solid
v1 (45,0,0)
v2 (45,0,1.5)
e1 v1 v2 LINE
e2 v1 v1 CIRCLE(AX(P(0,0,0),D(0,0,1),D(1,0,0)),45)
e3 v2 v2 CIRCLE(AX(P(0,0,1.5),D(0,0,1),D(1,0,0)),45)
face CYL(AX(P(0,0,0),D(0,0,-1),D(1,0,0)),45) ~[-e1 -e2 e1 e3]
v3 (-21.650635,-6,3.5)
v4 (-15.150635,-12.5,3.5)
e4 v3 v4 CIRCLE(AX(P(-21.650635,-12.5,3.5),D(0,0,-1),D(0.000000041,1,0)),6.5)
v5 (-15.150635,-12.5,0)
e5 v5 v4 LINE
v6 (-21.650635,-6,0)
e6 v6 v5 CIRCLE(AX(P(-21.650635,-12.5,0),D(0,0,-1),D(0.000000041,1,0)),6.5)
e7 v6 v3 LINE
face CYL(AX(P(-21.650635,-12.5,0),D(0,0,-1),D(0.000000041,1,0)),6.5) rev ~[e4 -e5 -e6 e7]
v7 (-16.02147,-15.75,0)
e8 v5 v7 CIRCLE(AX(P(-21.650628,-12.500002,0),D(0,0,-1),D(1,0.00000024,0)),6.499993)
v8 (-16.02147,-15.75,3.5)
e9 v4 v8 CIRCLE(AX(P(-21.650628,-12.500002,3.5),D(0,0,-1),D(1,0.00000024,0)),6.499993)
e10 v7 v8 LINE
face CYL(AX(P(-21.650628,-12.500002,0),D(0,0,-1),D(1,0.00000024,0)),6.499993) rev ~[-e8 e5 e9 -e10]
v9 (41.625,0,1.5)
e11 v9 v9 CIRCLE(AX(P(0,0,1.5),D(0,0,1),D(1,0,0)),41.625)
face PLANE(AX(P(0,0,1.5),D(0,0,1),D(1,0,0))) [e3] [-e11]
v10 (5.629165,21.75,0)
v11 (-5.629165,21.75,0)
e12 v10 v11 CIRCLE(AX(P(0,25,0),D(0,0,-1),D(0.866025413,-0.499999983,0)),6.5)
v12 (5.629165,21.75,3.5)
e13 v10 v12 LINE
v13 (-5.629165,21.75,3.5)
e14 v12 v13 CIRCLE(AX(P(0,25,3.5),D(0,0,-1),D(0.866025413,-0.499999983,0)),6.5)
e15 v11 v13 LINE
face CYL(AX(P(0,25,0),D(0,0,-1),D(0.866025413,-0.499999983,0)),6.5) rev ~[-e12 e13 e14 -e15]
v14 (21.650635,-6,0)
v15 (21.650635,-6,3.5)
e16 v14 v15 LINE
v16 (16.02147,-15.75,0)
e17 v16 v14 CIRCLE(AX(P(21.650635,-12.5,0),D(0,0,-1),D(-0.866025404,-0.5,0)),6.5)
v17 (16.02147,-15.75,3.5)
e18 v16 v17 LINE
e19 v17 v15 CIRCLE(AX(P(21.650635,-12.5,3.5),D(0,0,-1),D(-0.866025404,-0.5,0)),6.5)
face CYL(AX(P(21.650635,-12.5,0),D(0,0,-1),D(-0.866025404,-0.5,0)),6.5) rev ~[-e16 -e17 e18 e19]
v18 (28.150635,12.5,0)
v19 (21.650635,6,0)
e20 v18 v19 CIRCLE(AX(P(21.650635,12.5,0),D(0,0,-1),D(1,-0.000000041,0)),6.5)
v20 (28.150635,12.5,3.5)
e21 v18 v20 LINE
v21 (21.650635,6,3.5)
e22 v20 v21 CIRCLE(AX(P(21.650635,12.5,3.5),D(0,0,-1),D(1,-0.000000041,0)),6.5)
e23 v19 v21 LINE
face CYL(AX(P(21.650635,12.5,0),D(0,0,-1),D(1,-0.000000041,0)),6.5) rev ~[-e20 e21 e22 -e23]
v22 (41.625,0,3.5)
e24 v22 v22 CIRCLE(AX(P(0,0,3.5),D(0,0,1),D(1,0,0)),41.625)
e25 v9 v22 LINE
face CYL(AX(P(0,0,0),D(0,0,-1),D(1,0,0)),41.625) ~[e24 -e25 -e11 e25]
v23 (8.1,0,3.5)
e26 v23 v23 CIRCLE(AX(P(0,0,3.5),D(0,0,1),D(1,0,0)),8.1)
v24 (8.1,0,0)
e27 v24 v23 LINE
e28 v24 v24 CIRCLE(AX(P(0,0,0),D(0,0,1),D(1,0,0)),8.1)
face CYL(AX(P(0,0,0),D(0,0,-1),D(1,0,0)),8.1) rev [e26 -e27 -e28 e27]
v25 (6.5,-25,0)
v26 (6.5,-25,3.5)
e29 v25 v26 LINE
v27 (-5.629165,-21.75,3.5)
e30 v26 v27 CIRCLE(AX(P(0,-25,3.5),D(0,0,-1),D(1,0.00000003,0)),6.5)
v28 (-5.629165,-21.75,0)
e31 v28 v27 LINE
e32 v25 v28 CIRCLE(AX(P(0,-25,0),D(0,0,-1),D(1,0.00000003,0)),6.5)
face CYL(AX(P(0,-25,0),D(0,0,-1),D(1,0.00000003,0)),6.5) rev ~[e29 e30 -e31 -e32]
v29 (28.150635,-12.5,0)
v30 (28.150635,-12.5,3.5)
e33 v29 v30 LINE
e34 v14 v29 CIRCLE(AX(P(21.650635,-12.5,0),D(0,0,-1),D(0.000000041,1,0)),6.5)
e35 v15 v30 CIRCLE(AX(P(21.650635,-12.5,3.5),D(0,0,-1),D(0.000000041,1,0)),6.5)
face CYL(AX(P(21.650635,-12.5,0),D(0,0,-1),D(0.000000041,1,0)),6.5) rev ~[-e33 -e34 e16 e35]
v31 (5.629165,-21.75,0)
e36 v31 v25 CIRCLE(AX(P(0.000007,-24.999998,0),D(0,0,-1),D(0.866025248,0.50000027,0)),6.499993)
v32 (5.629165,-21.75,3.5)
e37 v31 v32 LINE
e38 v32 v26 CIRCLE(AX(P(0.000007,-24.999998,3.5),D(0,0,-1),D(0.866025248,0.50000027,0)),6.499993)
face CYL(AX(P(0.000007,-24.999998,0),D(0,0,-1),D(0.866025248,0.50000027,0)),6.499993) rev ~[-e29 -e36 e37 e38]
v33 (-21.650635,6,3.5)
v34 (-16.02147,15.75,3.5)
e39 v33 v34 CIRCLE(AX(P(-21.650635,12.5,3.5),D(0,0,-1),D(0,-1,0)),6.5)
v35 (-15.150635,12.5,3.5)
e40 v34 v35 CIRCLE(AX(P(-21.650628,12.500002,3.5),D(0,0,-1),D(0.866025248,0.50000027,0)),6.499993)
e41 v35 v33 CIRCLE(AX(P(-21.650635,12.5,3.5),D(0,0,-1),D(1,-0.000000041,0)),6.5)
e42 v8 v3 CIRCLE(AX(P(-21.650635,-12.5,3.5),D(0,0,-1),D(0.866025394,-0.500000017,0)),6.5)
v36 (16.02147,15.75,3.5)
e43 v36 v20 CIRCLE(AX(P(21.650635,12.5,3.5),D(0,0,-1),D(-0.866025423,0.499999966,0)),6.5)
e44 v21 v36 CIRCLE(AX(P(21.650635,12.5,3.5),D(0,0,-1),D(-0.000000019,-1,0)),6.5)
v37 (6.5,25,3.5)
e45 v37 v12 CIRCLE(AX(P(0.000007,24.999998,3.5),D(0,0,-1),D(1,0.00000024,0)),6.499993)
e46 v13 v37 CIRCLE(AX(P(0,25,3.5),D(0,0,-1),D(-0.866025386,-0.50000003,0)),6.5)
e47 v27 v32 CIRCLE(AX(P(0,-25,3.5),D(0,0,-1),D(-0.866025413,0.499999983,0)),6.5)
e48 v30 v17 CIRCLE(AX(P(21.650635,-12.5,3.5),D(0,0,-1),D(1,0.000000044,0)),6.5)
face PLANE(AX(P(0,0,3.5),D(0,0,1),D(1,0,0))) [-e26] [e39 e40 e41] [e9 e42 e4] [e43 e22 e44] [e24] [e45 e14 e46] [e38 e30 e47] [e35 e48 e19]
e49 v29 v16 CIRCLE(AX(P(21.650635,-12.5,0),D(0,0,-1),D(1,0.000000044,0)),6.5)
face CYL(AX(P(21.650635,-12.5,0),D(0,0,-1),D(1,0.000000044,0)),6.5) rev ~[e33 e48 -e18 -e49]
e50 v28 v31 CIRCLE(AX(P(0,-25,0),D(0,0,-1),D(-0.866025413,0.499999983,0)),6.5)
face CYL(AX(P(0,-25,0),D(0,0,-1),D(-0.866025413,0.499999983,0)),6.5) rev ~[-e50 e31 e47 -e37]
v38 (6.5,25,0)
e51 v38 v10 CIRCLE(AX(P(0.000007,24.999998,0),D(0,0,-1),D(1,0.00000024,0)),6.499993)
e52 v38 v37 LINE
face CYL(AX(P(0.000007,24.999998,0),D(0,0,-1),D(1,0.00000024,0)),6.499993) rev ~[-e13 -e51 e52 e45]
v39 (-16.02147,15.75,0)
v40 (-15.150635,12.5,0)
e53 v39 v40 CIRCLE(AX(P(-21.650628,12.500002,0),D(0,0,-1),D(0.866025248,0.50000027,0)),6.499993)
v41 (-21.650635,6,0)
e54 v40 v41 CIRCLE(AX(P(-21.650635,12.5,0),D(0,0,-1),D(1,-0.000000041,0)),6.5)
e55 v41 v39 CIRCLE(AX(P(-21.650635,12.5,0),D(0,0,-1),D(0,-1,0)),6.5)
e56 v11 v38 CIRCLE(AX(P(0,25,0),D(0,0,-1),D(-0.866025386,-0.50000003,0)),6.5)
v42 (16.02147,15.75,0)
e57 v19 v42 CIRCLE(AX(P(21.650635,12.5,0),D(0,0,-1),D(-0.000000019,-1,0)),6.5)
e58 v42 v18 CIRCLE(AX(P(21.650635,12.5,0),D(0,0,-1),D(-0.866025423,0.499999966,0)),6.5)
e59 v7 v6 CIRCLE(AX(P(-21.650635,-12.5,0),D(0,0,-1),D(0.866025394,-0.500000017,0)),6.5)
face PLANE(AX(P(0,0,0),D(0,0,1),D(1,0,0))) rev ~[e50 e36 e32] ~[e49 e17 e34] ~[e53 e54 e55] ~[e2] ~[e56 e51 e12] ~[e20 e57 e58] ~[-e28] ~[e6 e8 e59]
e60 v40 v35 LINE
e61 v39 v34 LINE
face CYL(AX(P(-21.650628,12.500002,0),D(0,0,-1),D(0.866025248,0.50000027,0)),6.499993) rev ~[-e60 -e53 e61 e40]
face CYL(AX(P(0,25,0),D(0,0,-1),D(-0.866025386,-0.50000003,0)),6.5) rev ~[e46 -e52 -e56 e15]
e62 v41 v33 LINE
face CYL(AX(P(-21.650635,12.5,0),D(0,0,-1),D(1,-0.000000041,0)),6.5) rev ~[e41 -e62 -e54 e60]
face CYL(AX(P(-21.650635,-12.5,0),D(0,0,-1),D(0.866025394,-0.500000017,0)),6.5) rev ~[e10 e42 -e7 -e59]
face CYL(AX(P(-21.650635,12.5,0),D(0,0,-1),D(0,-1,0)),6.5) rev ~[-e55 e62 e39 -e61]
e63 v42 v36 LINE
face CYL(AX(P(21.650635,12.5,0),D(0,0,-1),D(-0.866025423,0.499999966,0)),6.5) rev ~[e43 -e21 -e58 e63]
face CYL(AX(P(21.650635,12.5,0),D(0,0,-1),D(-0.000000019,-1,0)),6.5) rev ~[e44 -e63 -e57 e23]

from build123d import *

# Parameters (mm, degrees)
F0_R     = 41.625
F0_R_2   = 8.1
F1_DEPTH = 3.5
F0_R_3   = 45
F2_DEPTH = 1.5


with BuildPart() as f1:
    # F0 (on Top) → F1 (new body)
    with BuildSketch(Plane.XY):
        Circle(F0_R)
        with BuildLine():
            ThreePointArc((6.5, 25), (6.278518, 23.317676), (5.629165, 21.75))
            Line((5.629165, 21.75), (16.02147, 15.75))
            ThreePointArc((16.02147, 15.75), (23.332959, 18.778518), (28.150635, 12.5))
            ThreePointArc((28.150635, 12.5), (26.246829, 7.903806), (21.650635, 6))
            Line((21.650635, 6), (21.650635, -6))
            ThreePointArc((21.650635, -6), (26.246829, -7.903806), (28.150635, -12.5))
            ThreePointArc((28.150635, -12.5), (23.332959, -18.778518), (16.02147, -15.75))
            Line((16.02147, -15.75), (5.629165, -21.75))
            ThreePointArc((5.629165, -21.75), (6.278518, -23.317676), (6.5, -25))
            ThreePointArc((6.5, -25), (-1.682324, -31.278518), (-5.629165, -21.75))
            Line((-5.629165, -21.75), (-16.02147, -15.75))
            ThreePointArc((-16.02147, -15.75), (-27.2798, -15.75), (-21.650635, -6))
            Line((-21.650635, -6), (-21.650635, 6))
            ThreePointArc((-21.650635, 6), (-27.2798, 15.75), (-16.02147, 15.75))
            Line((-16.02147, 15.75), (-5.629165, 21.75))
            ThreePointArc((-5.629165, 21.75), (-1.682324, 31.278518), (6.5, 25))
        make_face(mode=Mode.SUBTRACT)
        with BuildLine():
            Line((16.02147, 15.75), (5.629165, 21.75))
            ThreePointArc((5.629165, 21.75), (0, 18.5), (-5.629165, 21.75))
            Line((-5.629165, 21.75), (-16.02147, 15.75))
            ThreePointArc((-16.02147, 15.75), (-15.372117, 14.182324), (-15.150635, 12.5))
            ThreePointArc((-15.150635, 12.5), (-17.054441, 7.903806), (-21.650635, 6))
            Line((-21.650635, 6), (-21.650635, -6))
            ThreePointArc((-21.650635, -6), (-17.054441, -7.903806), (-15.150635, -12.5))
            ThreePointArc((-15.150635, -12.5), (-15.372117, -14.182324), (-16.02147, -15.75))
            Line((-16.02147, -15.75), (-5.629165, -21.75))
            ThreePointArc((-5.629165, -21.75), (0, -18.5), (5.629165, -21.75))
            Line((5.629165, -21.75), (16.02147, -15.75))
            ThreePointArc((16.02147, -15.75), (16.02147, -9.25), (21.650635, -6))
            Line((21.650635, -6), (21.650635, 6))
            ThreePointArc((21.650635, 6), (16.02147, 9.25), (16.02147, 15.75))
        make_face()
        Circle(F0_R_2, mode=Mode.SUBTRACT)
    extrude(amount=F1_DEPTH)

    # F0 (on Top) → F2 (join)
    with BuildSketch(Plane.XY):
        Circle(F0_R_3)
        Circle(F0_R, mode=Mode.SUBTRACT)
    extrude(amount=F2_DEPTH)


solid = f1.part
